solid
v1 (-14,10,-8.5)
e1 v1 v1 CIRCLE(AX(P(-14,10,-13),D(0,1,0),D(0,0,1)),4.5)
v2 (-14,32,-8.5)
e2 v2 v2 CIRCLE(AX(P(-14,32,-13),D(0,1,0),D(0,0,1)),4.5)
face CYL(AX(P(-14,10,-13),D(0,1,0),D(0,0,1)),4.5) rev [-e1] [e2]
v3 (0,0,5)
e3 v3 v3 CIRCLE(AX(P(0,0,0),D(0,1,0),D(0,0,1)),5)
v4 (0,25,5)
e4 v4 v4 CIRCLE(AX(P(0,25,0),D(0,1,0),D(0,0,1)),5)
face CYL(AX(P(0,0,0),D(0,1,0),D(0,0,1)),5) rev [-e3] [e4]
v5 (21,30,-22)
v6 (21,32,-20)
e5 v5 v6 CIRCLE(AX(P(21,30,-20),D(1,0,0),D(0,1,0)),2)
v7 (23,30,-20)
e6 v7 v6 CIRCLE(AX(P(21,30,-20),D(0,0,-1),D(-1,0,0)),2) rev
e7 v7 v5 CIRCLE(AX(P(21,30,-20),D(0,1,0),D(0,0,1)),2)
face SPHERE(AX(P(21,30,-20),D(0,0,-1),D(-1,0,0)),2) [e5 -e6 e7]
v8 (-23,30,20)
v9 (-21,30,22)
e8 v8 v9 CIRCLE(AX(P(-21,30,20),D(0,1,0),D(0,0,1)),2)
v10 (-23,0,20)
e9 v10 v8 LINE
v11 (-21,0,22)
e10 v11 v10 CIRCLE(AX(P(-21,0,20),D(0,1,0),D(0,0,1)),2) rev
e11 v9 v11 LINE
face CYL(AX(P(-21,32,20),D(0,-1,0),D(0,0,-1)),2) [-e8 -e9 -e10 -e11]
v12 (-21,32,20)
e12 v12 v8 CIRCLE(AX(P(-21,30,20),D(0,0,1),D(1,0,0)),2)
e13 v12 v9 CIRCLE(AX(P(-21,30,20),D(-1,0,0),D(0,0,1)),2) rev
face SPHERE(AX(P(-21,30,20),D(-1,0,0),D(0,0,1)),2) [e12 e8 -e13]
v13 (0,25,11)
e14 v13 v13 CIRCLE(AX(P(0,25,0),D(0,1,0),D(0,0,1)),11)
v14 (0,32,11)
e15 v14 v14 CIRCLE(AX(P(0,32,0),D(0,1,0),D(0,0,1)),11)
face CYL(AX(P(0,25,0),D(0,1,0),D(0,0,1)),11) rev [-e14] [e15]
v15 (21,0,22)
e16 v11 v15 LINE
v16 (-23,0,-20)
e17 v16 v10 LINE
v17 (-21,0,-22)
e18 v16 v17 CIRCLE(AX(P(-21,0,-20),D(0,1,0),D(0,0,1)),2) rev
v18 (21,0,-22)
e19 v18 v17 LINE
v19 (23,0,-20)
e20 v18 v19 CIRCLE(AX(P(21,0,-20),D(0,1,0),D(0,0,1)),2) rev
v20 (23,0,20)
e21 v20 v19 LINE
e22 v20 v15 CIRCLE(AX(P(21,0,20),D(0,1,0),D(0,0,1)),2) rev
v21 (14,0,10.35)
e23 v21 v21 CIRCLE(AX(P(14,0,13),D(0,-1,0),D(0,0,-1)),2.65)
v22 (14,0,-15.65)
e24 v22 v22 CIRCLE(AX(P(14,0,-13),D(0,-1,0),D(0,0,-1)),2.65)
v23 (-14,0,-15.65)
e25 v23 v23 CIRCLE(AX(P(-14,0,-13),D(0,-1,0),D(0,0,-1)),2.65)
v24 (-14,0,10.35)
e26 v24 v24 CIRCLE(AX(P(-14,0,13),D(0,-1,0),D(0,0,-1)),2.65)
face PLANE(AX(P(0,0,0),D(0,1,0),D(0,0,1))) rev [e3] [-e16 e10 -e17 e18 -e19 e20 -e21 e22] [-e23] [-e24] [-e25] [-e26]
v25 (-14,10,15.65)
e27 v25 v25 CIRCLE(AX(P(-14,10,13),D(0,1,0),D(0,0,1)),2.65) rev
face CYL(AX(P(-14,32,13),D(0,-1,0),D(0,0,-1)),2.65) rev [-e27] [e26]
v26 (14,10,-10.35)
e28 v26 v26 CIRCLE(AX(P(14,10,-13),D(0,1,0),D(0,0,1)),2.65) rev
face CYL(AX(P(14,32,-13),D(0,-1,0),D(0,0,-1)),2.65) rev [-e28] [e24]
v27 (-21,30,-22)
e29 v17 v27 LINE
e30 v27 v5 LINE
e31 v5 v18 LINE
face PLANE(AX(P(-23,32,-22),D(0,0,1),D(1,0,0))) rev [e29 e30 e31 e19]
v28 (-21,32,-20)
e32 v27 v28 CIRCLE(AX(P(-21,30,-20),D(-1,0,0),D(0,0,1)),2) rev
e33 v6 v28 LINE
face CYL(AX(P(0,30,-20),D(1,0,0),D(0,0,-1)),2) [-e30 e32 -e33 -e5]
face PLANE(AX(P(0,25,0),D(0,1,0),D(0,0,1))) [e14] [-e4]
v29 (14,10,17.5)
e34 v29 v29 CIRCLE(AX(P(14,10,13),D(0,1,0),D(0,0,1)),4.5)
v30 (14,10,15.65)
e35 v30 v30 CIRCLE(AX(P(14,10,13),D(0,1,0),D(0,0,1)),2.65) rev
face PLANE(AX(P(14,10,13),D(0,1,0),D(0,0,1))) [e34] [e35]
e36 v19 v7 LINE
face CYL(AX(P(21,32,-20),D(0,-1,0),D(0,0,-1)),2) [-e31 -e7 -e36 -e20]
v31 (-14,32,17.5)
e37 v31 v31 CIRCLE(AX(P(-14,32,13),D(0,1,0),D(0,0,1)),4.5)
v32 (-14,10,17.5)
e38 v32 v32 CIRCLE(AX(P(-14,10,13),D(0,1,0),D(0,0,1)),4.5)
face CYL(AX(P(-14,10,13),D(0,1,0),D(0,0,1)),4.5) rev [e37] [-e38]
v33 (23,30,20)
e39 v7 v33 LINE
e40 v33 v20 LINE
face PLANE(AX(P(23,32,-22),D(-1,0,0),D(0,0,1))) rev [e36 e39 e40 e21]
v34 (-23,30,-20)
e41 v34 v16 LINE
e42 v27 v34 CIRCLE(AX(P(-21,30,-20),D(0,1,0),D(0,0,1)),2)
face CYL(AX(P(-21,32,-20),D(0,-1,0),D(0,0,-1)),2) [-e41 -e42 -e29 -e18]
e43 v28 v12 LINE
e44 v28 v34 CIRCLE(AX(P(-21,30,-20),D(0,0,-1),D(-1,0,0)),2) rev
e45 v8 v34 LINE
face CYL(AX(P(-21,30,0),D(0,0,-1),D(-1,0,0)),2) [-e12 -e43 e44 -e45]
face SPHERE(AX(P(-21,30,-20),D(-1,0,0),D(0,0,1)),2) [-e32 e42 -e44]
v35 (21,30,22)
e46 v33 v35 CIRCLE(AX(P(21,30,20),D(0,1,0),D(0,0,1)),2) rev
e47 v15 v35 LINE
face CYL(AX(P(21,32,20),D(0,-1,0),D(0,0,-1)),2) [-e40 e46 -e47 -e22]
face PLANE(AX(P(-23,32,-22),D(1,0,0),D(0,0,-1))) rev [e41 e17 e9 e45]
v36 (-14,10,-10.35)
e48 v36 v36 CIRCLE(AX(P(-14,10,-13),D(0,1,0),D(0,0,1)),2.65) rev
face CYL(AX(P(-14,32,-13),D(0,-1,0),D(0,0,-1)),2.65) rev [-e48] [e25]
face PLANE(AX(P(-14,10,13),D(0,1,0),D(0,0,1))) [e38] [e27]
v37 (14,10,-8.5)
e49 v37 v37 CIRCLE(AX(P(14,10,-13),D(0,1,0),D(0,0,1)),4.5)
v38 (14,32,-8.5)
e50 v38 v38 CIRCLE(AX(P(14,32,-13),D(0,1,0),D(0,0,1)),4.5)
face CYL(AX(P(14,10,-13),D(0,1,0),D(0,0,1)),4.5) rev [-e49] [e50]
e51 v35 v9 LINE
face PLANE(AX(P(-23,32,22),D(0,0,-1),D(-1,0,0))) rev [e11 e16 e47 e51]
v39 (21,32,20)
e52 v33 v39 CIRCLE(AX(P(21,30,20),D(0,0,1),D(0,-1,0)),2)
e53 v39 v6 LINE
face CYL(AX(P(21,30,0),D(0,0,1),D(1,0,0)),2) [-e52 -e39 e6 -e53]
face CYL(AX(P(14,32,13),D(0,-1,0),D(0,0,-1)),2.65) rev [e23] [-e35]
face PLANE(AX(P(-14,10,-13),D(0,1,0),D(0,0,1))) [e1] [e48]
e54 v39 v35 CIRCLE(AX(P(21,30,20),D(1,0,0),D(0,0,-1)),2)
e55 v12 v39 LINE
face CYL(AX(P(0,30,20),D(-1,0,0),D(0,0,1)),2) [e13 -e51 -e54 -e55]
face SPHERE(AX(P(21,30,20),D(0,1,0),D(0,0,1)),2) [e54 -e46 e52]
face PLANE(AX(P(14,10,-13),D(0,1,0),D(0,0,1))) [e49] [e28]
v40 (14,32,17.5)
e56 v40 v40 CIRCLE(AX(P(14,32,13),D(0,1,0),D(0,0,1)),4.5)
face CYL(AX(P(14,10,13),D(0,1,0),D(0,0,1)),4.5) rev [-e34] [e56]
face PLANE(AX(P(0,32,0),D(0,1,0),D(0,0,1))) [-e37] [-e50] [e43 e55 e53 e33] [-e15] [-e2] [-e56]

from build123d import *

# Parameters (mm, degrees)
SKETCH1_W            = 46
SKETCH1_H            = 44
BOSS_EXTRUDE1_DEPTH  = 32
SKETCH2_R            = 2.65
CUT_EXTRUDE1_DEPTH   = 46.133136386
LPATTERN1_COUNT      = 2
LPATTERN1_PITCH      = 26
LPATTERN1_COUNT_DIR2 = 2
LPATTERN1_PITCH_DIR2 = 28
SKETCH3_R            = 11
CUT_EXTRUDE2_DEPTH   = 7
FILLET1_R            = 2
SKETCH4_R            = 4.5
CUT_EXTRUDE3_DEPTH   = 22
LPATTERN2_COUNT      = 2
LPATTERN2_PITCH      = 28
LPATTERN2_COUNT_DIR2 = 2
LPATTERN2_PITCH_DIR2 = 26
SKETCH5_R            = 5
CUT_EXTRUDE4_DEPTH   = 46.133136386


with BuildPart() as part:
    # Sketch1 → Boss-Extrude1 (new body)
    with BuildSketch(Plane(origin=(0, 0, 0), x_dir=(1, 0, 0), z_dir=(0, 1, 0))):
        Rectangle(SKETCH1_W, SKETCH1_H)
    extrude(amount=BOSS_EXTRUDE1_DEPTH)

    # Sketch2 → Cut-Extrude1 (cut, through all)
    with BuildSketch(Plane.XZ):
        with Locations(Location((-14, -13, 0), (0, 0, 270))):
            Circle(SKETCH2_R)
    cut_extrude1 = extrude(amount=-CUT_EXTRUDE1_DEPTH, mode=Mode.SUBTRACT)

    # LPattern1: Cut-Extrude1 2 × 2
    with Locations(*[(j * LPATTERN1_PITCH_DIR2, 0, i * LPATTERN1_PITCH) for i in range(LPATTERN1_COUNT) for j in range(LPATTERN1_COUNT_DIR2) if (i, j) != (0, 0)]):
        add(cut_extrude1, mode=Mode.SUBTRACT)

    # Sketch3 → Cut-Extrude2 (cut)
    with BuildSketch(Plane(origin=(0, 32, 0), x_dir=(1, 0, 0), z_dir=(0, 1, 0))):
        with Locations(Location((0, 0, 0), (0, 0, 270))):
            Circle(SKETCH3_R)
    extrude(amount=-CUT_EXTRUDE2_DEPTH, mode=Mode.SUBTRACT)

    # Fillet1
    fillet1_edges = [part.edges().sort_by_distance(p)[0] for p in [
        (-23, 32, 0),
        (0, 32, 22),
        (23, 32, 0),
        (23, 16, 22),
        (-23, 16, 22),
        (-23, 16, -22),
        (23, 16, -22),
        (0, 32, -22),
    ]]
    fillet(fillet1_edges, radius=FILLET1_R)

    # Sketch4 → Cut-Extrude3 (cut)
    with BuildSketch(Plane(origin=(0, 32, 0), x_dir=(1, 0, 0), z_dir=(0, 1, 0))):
        with Locations(Location((14, -13, 0), (0, 0, 270))):
            Circle(SKETCH4_R)
    cut_extrude3 = extrude(amount=-CUT_EXTRUDE3_DEPTH, mode=Mode.SUBTRACT)

    # LPattern2: Cut-Extrude3 2 × 2
    with Locations(*[(-i * LPATTERN2_PITCH, 0, -j * LPATTERN2_PITCH_DIR2) for i in range(LPATTERN2_COUNT) for j in range(LPATTERN2_COUNT_DIR2) if (i, j) != (0, 0)]):
        add(cut_extrude3, mode=Mode.SUBTRACT)

    # Sketch5 → Cut-Extrude4 (cut, through all)
    with BuildSketch(Plane(origin=(0, 32, 0), x_dir=(1, 0, 0), z_dir=(0, 1, 0))):
        with Locations(Location((0, 0, 0), (0, 0, 270))):
            Circle(SKETCH5_R)
    extrude(amount=-CUT_EXTRUDE4_DEPTH, mode=Mode.SUBTRACT)


solid = part.part
